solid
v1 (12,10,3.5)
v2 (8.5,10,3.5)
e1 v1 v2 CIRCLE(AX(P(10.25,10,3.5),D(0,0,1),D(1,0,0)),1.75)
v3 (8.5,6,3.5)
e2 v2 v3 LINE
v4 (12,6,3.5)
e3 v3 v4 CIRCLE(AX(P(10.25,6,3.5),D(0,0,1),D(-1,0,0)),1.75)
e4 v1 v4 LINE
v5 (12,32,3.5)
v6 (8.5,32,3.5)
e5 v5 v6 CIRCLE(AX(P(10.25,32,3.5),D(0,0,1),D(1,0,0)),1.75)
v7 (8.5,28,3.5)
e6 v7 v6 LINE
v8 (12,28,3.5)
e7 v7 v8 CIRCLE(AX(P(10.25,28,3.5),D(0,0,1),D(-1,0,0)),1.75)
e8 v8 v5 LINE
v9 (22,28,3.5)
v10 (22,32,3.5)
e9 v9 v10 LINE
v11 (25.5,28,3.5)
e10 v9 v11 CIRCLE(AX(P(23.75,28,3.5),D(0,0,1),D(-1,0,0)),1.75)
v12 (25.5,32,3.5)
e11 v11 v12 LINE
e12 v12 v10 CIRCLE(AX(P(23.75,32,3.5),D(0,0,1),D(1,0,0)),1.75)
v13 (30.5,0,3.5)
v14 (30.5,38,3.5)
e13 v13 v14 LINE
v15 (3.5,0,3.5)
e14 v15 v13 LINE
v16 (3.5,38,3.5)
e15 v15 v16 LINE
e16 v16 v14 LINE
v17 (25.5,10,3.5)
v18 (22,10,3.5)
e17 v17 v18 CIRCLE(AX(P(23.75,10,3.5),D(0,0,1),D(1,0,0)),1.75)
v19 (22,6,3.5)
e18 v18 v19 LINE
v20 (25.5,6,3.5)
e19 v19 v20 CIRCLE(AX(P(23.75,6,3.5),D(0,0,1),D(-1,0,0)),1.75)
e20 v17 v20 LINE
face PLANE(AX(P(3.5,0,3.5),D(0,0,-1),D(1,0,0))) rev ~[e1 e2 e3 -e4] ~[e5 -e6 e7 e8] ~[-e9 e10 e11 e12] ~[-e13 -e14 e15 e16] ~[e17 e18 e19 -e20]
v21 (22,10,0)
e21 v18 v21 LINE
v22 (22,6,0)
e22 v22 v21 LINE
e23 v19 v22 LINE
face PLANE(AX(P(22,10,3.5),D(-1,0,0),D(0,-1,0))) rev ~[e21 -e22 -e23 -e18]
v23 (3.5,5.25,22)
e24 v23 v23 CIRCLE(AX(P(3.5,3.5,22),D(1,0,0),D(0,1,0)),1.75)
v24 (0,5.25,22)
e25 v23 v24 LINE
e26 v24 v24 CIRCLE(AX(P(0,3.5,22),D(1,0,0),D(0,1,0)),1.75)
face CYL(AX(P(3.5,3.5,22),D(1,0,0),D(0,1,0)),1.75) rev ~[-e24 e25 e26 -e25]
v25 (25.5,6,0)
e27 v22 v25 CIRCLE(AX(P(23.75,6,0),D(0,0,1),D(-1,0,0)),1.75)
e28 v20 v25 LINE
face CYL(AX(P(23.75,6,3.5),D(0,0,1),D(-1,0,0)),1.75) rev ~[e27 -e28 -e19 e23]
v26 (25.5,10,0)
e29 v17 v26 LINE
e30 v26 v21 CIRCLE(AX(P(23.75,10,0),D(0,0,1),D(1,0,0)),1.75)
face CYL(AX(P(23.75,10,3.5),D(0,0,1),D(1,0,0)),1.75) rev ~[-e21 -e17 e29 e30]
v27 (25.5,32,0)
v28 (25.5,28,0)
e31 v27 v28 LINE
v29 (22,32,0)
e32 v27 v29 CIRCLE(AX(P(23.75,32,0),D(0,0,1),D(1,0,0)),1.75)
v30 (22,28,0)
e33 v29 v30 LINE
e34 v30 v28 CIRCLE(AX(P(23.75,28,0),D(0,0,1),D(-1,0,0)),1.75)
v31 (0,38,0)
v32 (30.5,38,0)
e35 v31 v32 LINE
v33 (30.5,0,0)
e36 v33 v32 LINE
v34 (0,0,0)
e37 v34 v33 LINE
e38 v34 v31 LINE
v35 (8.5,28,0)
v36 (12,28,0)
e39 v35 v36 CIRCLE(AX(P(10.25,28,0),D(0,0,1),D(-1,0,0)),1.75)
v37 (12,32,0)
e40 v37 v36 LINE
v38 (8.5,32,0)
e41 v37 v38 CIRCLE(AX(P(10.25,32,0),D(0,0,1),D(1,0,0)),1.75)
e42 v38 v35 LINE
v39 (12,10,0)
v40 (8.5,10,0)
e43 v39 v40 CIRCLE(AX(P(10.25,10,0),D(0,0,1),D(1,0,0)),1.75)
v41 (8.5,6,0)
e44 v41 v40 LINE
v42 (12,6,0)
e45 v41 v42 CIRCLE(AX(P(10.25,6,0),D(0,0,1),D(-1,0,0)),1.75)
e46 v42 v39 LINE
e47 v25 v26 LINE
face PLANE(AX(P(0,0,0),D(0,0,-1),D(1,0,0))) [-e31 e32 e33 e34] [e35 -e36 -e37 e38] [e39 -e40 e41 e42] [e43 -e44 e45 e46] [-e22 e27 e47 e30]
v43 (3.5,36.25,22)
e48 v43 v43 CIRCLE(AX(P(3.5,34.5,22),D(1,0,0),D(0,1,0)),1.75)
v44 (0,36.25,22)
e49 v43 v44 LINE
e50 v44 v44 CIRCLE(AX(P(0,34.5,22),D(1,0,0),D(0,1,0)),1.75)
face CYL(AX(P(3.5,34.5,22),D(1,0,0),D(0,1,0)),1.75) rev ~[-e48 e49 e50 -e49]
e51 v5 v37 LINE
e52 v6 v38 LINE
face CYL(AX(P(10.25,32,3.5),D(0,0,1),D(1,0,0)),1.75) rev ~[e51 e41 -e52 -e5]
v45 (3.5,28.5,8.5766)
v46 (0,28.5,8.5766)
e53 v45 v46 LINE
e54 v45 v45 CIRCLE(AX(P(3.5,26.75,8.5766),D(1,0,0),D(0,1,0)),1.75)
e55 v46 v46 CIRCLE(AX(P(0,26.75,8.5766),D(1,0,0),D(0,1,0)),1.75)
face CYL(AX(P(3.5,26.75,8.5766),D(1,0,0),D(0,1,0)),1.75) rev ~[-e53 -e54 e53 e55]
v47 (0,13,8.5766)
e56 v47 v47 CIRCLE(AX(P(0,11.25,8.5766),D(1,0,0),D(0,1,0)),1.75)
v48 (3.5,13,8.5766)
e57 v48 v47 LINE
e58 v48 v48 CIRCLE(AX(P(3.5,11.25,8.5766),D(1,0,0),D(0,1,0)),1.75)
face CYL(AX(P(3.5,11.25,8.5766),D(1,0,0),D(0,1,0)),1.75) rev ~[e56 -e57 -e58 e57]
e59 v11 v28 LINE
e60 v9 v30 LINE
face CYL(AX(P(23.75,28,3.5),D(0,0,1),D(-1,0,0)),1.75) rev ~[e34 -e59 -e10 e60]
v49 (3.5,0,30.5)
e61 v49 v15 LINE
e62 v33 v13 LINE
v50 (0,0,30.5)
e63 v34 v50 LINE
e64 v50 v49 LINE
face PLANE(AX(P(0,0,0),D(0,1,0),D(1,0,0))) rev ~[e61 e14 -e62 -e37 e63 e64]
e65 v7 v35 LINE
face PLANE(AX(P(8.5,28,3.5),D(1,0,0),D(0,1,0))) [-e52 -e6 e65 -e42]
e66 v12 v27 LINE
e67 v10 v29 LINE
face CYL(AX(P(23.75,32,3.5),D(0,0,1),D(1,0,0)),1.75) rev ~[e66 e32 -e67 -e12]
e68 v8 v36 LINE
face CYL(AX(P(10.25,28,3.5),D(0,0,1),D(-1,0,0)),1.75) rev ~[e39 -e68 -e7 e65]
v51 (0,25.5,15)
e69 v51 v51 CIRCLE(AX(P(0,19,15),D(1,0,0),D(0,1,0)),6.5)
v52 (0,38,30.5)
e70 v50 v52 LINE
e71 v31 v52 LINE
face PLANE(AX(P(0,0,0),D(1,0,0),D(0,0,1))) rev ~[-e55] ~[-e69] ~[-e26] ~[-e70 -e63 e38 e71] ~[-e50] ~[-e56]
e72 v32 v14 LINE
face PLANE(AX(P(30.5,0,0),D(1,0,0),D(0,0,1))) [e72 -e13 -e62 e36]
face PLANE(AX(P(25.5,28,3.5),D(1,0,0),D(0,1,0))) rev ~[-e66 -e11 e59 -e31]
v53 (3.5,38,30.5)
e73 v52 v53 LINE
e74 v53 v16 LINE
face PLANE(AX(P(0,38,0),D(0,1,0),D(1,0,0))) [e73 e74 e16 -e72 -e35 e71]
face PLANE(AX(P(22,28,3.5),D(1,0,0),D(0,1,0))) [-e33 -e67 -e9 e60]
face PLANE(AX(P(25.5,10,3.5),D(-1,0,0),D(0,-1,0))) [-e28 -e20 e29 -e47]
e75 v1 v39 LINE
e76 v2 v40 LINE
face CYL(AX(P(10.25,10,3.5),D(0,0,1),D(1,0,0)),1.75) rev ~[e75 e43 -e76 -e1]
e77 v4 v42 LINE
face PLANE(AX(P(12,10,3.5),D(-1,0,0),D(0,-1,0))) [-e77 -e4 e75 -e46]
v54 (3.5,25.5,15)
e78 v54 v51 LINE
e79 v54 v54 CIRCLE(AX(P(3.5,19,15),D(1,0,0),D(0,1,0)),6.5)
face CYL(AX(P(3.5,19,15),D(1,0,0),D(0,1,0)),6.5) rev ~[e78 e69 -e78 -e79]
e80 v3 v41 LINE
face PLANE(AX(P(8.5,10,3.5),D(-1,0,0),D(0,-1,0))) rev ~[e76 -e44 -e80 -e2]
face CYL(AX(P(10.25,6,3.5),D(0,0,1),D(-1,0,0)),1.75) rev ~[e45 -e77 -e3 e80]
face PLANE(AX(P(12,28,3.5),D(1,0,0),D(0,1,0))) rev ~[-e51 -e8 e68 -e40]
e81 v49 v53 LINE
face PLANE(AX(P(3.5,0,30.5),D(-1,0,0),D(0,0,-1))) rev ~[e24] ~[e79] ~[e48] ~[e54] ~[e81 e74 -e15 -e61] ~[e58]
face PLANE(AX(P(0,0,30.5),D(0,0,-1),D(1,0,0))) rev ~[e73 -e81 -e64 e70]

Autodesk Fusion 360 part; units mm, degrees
sketch "Sketch1" plane through (0, 0, 0) normal (0, 1, 0) x (1, 0, 0) in component "Component"
  line L0 (0, 0) -> (30.5, 0)
  line L1 (0, 0) -> (0, -30.5)
  line L2 (30.5, 0) -> (30.5, -3.5)
  line L3 (0, -30.5) -> (3.5, -30.5)
  line L4 (3.5, -30.5) -> (3.5, -3.5)
  line L5 (3.5, -3.5) -> (30.5, -3.5)
  dimension "d3" = 3.5
  dimension "d4" = 3.5
  dimension "d24" = 27
  dimension "d25" = 27
extrude "Extrude1" add sketch "Sketch1" along normal blind 38 in component "Component"
sketch "Sketch2" plane through (3.5, 0, 0) normal (1, 0, 0) x (0, 1, 0) in component "Component"
  line L0 (0, 30.5) -> (0, 3.5)
  line L1 (0, 3.5) -> (38, 3.5)
  line L2 (38, 3.5) -> (38, 30.5)
  line L3 (38, 30.5) -> (0, 30.5)
sketch "Sketch3" plane through (0, 0, 3.5) normal (0, 0, 1) x (-1, 0, 0) in component "Component"
  line L0 (-3.5, 0) -> (-30.5, 0)
  line L1 (-30.5, 0) -> (-30.5, -38)
  line L2 (-3.5, 0) -> (-3.5, -38) construction
  line L3 (-3.5, -19) -> (-10.25, -19) construction
  line L4 (-3.5, -38) -> (-3.5, 0) construction
  line L5 (0, 0) -> (0, -38) construction
  line L6 (-10.25, -19) -> (-10.25, -28) construction
  line L7 (-10.25, -28) -> (-23.75, -28) construction
  line L8 (-10.25, -28) -> (-10.25, -32) construction
  line L9 (-10.25, -32) -> (-8.5, -32) construction
  line L10 (-10.25, -28) -> (-8.5, -28) construction
  arc A0 (-12, -32) -> (-8.5, -32) centre (-10.25, -32) ccw
  arc A1 (-8.5, -28) -> (-12, -28) centre (-10.25, -28) ccw
  line L11 (-8.5, -28) -> (-8.5, -32)
  line L12 (-12, -28) -> (-12, -32)
  line L13 (-22, -28) -> (-22, -32)
  arc A2 (-22, -28) -> (-25.5, -28) centre (-23.75, -28) ccw
  line L14 (-25.5, -28) -> (-25.5, -32)
  arc A3 (-25.5, -32) -> (-22, -32) centre (-23.75, -32) ccw
  line L15 (-8.5, -10) -> (-8.5, -6)
  arc A4 (-12, -10) -> (-8.5, -10) centre (-10.25, -10) ccw
  line L16 (-12, -10) -> (-12, -6)
  arc A5 (-8.5, -6) -> (-12, -6) centre (-10.25, -6) ccw
  line L17 (-22, -10) -> (-22, -6)
  arc A6 (-25.5, -10) -> (-22, -10) centre (-23.75, -10) ccw
  line L18 (-25.5, -10) -> (-25.5, -6)
  arc A7 (-22, -6) -> (-25.5, -6) centre (-23.75, -6) ccw
  dimension "d27" = 6.75
  dimension "d28" = 9
  dimension "d29" = 13.5
  dimension "d30" = 4
  dimension "d31" = 1.75
  dimension "d34" = -13.5
  dimension "d35" = 0
extrude "Extrude3" cut sketch "Sketch3" against normal through all in component "Component"
sketch "Sketch2 (2)" plane through (3.5, 0, 0) normal (1, 0, 0) x (0, 1, 0)
  line L0 (0, 30.5) -> (0, 3.5) construction
  line L1 (0, 3.5) -> (38, 3.5) construction
  line L2 (38, 3.5) -> (38, 30.5) construction
  line L3 (38, 30.5) -> (0, 30.5) construction
  line L4 (19, 3.5) -> (19, 15) construction
  circle A0 centre (19, 15) radius 6.5
  line L5 (19, 15) -> (19, 22) construction
  line L6 (19, 22) -> (3.5, 22) construction
  circle A1 centre (3.5, 22) radius 1.75
  line L7 (19, 22) -> (11.25, 8.5766) construction
  circle A2 centre (11.25, 8.5766) radius 1.75
  circle A3 centre (34.5, 22) radius 1.75
  circle A4 centre (26.75, 8.5766) radius 1.75
  dimension "d37" = 11.5
  dimension "d38" = 13
  dimension "d39" = 7
  dimension "d40" = 15.5
  dimension "d41" = 3.5
  dimension "d42" = 60
  dimension "d43" = 3.5
extrude "Extrude4" cut sketch "Sketch2 (2)" against normal through all in component "Component"
component "Component" placed x (1, 0, 0) y (0, 1, 0) z (0, 0, 1) at (0, 0, 0)
equation "d25 = d24"
equation "d28 = ( 18 / 2 ) * 1 mm"
equation "d31 = ( 3.5 / 2 ) * 1 mm"
equation "d40 = ( 31 / 2 ) * 1 mm"
equation "d42 = ( 360 / 6 ) * 1 deg"
equation "d43 = d41"
